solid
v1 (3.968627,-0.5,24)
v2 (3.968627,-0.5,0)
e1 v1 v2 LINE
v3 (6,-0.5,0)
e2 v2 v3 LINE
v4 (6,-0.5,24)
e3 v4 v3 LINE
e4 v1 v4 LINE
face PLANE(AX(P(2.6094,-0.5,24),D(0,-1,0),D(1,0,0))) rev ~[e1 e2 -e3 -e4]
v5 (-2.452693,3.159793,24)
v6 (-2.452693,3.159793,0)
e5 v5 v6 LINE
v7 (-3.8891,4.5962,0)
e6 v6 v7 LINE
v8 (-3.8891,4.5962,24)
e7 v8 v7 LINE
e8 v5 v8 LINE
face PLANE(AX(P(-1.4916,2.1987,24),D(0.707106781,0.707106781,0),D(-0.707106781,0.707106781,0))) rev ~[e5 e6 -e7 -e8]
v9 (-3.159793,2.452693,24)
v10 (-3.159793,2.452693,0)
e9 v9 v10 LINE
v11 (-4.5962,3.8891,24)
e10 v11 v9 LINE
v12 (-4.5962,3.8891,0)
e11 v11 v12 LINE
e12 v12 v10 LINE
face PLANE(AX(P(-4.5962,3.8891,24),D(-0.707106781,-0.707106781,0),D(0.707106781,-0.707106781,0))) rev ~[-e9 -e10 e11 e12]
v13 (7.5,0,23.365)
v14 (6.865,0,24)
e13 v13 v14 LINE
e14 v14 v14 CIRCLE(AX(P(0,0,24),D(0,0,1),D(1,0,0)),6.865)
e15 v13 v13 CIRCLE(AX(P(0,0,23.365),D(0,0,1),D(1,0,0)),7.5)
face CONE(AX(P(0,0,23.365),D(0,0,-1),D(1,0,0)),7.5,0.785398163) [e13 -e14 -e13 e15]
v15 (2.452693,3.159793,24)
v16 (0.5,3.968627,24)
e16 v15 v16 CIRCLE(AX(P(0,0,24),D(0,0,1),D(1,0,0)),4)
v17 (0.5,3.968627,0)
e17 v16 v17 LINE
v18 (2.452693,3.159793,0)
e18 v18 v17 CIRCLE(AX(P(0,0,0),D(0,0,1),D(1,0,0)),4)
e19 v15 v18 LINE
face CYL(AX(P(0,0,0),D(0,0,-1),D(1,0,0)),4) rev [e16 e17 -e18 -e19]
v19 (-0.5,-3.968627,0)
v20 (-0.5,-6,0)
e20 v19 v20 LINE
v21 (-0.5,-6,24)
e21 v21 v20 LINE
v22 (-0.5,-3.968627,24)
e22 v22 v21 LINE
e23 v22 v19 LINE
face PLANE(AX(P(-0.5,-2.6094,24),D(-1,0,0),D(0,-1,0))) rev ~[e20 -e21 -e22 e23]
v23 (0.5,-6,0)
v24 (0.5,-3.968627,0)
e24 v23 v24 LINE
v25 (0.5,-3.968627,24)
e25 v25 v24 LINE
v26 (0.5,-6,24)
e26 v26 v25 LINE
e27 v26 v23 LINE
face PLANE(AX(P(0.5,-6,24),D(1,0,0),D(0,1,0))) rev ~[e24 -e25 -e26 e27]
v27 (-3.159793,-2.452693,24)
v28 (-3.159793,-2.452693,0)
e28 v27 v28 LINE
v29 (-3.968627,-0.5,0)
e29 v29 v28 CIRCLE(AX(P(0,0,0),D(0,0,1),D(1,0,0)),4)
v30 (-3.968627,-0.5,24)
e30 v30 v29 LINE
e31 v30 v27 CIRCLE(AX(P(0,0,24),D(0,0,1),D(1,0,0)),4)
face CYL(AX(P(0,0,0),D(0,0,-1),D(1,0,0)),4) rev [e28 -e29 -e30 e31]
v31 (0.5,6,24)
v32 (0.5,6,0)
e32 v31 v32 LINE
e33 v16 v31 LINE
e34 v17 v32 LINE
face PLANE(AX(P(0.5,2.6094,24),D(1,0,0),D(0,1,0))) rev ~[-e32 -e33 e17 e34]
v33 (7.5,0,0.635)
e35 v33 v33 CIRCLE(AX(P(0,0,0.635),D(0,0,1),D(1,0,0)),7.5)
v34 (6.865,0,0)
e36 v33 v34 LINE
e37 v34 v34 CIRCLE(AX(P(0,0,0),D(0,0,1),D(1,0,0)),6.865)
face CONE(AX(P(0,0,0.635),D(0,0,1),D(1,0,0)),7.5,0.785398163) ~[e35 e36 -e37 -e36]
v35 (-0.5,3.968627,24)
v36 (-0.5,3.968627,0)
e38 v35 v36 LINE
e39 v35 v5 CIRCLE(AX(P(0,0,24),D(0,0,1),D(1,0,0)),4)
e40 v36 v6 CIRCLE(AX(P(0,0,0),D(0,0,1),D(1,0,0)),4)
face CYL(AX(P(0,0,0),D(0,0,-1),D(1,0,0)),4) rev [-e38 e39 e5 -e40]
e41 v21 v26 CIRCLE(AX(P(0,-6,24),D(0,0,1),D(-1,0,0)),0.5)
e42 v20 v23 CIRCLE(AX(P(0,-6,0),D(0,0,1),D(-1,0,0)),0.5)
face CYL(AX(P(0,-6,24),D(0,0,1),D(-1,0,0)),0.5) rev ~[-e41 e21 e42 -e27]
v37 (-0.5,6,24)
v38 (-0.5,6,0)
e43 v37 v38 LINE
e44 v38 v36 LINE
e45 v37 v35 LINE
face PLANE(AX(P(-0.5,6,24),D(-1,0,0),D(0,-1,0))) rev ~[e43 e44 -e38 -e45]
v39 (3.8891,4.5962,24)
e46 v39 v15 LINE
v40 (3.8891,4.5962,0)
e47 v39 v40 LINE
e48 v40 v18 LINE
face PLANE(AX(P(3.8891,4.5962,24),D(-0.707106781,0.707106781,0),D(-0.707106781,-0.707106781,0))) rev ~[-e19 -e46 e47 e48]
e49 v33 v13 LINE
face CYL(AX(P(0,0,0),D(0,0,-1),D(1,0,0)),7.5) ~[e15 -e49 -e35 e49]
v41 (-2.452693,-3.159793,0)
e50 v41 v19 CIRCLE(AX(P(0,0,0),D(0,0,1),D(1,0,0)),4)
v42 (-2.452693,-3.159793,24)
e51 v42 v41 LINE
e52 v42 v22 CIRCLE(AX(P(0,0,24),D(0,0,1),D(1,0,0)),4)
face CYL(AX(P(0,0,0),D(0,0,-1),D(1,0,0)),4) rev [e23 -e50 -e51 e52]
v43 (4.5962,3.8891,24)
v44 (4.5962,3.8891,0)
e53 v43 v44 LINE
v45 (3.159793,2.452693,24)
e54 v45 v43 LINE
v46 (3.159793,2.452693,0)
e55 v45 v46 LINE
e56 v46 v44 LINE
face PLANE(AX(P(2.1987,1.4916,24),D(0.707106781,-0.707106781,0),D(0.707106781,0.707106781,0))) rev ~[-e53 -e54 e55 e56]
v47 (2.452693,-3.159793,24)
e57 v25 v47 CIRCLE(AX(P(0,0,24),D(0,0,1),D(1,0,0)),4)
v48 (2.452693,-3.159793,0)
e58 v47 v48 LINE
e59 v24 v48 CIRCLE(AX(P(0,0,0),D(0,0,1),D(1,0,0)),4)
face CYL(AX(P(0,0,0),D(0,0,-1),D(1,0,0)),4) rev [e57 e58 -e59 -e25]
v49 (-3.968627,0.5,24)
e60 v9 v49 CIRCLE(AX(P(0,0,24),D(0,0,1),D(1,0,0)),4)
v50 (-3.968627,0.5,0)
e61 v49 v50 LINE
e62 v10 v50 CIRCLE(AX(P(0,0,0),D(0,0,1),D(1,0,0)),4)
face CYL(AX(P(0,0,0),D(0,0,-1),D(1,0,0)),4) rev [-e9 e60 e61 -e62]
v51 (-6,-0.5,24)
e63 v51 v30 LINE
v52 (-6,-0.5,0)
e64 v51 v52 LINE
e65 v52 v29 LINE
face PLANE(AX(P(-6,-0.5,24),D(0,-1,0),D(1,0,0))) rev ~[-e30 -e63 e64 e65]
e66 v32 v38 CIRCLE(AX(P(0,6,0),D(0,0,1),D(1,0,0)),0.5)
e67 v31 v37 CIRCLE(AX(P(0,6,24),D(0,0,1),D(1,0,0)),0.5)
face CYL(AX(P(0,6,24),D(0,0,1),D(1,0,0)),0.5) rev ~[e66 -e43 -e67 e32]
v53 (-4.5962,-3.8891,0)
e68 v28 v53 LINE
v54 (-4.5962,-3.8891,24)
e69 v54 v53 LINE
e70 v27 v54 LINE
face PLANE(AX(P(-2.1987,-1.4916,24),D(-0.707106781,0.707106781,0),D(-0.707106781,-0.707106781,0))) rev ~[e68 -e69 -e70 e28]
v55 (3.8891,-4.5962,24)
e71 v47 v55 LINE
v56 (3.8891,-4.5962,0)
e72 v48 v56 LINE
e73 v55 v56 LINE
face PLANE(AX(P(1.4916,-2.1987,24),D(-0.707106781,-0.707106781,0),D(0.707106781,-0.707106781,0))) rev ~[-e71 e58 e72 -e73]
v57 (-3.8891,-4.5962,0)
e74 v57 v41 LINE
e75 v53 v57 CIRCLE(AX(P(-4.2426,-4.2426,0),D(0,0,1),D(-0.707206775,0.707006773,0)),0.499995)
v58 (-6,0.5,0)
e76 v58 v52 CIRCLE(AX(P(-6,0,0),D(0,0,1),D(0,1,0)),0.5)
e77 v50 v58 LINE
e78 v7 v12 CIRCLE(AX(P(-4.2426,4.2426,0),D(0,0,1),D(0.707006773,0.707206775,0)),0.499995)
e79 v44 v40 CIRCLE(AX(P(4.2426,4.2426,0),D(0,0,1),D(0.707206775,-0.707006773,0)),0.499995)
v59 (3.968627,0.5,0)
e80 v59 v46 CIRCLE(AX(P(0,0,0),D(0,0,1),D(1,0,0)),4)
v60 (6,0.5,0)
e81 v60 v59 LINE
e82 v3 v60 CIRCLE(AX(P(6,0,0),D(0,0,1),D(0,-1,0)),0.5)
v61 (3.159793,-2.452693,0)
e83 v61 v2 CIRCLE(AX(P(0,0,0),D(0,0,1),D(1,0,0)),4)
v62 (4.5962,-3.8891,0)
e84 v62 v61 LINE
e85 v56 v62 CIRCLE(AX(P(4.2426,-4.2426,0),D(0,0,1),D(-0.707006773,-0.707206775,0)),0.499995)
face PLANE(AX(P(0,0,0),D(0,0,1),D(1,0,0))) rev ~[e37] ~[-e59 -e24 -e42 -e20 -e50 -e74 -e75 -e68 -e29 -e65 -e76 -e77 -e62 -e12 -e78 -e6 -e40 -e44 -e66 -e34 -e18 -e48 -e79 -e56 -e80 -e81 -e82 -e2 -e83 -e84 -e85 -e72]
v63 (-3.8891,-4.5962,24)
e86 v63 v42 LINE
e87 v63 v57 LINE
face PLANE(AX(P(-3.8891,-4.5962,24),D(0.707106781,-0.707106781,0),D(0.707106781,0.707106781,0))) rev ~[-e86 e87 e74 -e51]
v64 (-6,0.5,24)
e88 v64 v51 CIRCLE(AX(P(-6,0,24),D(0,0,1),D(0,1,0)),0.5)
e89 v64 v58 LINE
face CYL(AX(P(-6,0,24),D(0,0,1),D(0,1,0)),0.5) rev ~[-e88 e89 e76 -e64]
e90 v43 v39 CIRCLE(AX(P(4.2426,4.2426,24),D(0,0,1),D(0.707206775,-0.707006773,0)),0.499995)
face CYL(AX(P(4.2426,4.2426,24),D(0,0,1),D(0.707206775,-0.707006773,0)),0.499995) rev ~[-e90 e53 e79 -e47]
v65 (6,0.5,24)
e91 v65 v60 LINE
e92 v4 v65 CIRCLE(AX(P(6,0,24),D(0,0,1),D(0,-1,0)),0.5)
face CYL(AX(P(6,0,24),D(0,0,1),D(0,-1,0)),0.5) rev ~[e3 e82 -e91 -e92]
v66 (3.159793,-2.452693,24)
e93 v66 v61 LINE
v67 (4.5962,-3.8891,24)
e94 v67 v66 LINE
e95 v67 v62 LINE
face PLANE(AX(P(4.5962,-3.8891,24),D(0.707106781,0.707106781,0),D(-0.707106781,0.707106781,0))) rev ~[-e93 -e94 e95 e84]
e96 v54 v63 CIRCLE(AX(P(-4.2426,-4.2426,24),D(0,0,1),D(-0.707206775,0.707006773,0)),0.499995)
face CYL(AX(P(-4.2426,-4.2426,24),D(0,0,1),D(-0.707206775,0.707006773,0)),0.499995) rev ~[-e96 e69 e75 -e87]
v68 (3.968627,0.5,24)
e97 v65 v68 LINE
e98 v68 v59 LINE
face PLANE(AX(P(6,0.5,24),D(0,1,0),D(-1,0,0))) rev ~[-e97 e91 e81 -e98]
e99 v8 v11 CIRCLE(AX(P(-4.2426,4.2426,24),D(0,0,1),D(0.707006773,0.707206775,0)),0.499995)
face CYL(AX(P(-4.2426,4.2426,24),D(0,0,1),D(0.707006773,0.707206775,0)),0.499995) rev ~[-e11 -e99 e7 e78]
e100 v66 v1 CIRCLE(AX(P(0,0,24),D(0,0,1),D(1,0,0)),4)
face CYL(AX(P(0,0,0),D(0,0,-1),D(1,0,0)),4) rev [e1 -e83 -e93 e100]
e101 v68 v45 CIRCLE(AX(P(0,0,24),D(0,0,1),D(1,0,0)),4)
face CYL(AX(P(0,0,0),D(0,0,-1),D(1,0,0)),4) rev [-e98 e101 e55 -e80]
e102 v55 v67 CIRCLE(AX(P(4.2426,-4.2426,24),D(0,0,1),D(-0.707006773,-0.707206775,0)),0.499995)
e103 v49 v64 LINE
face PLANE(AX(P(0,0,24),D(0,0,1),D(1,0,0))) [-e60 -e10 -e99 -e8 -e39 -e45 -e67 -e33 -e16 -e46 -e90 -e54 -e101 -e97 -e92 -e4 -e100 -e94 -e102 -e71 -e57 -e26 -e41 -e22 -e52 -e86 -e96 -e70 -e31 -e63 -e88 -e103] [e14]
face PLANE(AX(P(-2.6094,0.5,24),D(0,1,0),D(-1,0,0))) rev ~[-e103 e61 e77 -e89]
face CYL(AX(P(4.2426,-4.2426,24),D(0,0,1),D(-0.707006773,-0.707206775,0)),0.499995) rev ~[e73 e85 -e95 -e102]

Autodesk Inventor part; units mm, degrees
ref_plane "YZ Plane" through (0, 0, 0) normal (1, 0, 0) x (0, 1, 0)
ref_plane "XZ Plane" through (0, 0, 0) normal (0, 1, 0) x (-1, 0, 0)
ref_plane "XY Plane" through (0, 0, 0) normal (0, 0, 1) x (1, 0, 0)
sketch "Sketch1" plane through (0, 0, 0) normal (0, 0, 1) x (1, 0, 0)
  circle A0 centre (0, 0) radius 7.5
  circle A1 centre (0, 0) radius 4
  dimension "d0" = 15
  dimension "d1" = 8
extrude "Extrusion1" add sketch "Sketch1" along normal blind 24
sketch "Sketch2" plane through (0, 0, 24) normal (0, 0, 1) x (1, 0, 0)
  arc A0 (0.5, 6) -> (-0.5, 6) centre (0, 6) ccw
  line L0 (-0.5, 6) -> (-0.5, 2.6094)
  line L1 (-0.5, 2.6094) -> (0.5, 2.6094)
  line L2 (0.5, 2.6094) -> (0.5, 6)
  line L3 (-4.5962, 3.8891) -> (-2.1987, 1.4916)
  arc A1 (-3.8891, 4.5962) -> (-4.5962, 3.8891) centre (-4.2426, 4.2426) ccw
  line L4 (-1.4916, 2.1987) -> (-3.8891, 4.5962)
  line L5 (-2.1987, 1.4916) -> (-1.4916, 2.1987)
  line L6 (-6, -0.5) -> (-2.6094, -0.5)
  arc A2 (-6, 0.5) -> (-6, -0.5) centre (-6, 0) ccw
  line L7 (-2.6094, 0.5) -> (-6, 0.5)
  line L8 (-2.6094, -0.5) -> (-2.6094, 0.5)
  line L9 (-3.8891, -4.5962) -> (-1.4916, -2.1987)
  arc A3 (-4.5962, -3.8891) -> (-3.8891, -4.5962) centre (-4.2426, -4.2426) ccw
  line L10 (-2.1987, -1.4916) -> (-4.5962, -3.8891)
  line L11 (-1.4916, -2.1987) -> (-2.1987, -1.4916)
  line L12 (0.5, -6) -> (0.5, -2.6094)
  arc A4 (-0.5, -6) -> (0.5, -6) centre (0, -6) ccw
  line L13 (-0.5, -2.6094) -> (-0.5, -6)
  line L14 (0.5, -2.6094) -> (-0.5, -2.6094)
  line L15 (4.5962, -3.8891) -> (2.1987, -1.4916)
  arc A5 (3.8891, -4.5962) -> (4.5962, -3.8891) centre (4.2426, -4.2426) ccw
  line L16 (1.4916, -2.1987) -> (3.8891, -4.5962)
  line L17 (2.1987, -1.4916) -> (1.4916, -2.1987)
  line L18 (6, 0.5) -> (2.6094, 0.5)
  arc A6 (6, -0.5) -> (6, 0.5) centre (6, 0) ccw
  line L19 (2.6094, -0.5) -> (6, -0.5)
  line L20 (2.6094, 0.5) -> (2.6094, -0.5)
  line L21 (3.8891, 4.5962) -> (1.4916, 2.1987)
  arc A7 (4.5962, 3.8891) -> (3.8891, 4.5962) centre (4.2426, 4.2426) ccw
  line L22 (2.1987, 1.4916) -> (4.5962, 3.8891)
  line L23 (1.4916, 2.1987) -> (2.1987, 1.4916)
  point P0 (0, 0)
  dimension "d4" = 1
  dimension "d7" = 360
extrude "Extrusion2" cut sketch "Sketch2" against normal blind 24
chamfer "Chamfer1" distance 0.635 angle 45 2 edges at (-7.5, 0, 24) (-7.5, 0, 0)
properties part number "Dry Bearing"
